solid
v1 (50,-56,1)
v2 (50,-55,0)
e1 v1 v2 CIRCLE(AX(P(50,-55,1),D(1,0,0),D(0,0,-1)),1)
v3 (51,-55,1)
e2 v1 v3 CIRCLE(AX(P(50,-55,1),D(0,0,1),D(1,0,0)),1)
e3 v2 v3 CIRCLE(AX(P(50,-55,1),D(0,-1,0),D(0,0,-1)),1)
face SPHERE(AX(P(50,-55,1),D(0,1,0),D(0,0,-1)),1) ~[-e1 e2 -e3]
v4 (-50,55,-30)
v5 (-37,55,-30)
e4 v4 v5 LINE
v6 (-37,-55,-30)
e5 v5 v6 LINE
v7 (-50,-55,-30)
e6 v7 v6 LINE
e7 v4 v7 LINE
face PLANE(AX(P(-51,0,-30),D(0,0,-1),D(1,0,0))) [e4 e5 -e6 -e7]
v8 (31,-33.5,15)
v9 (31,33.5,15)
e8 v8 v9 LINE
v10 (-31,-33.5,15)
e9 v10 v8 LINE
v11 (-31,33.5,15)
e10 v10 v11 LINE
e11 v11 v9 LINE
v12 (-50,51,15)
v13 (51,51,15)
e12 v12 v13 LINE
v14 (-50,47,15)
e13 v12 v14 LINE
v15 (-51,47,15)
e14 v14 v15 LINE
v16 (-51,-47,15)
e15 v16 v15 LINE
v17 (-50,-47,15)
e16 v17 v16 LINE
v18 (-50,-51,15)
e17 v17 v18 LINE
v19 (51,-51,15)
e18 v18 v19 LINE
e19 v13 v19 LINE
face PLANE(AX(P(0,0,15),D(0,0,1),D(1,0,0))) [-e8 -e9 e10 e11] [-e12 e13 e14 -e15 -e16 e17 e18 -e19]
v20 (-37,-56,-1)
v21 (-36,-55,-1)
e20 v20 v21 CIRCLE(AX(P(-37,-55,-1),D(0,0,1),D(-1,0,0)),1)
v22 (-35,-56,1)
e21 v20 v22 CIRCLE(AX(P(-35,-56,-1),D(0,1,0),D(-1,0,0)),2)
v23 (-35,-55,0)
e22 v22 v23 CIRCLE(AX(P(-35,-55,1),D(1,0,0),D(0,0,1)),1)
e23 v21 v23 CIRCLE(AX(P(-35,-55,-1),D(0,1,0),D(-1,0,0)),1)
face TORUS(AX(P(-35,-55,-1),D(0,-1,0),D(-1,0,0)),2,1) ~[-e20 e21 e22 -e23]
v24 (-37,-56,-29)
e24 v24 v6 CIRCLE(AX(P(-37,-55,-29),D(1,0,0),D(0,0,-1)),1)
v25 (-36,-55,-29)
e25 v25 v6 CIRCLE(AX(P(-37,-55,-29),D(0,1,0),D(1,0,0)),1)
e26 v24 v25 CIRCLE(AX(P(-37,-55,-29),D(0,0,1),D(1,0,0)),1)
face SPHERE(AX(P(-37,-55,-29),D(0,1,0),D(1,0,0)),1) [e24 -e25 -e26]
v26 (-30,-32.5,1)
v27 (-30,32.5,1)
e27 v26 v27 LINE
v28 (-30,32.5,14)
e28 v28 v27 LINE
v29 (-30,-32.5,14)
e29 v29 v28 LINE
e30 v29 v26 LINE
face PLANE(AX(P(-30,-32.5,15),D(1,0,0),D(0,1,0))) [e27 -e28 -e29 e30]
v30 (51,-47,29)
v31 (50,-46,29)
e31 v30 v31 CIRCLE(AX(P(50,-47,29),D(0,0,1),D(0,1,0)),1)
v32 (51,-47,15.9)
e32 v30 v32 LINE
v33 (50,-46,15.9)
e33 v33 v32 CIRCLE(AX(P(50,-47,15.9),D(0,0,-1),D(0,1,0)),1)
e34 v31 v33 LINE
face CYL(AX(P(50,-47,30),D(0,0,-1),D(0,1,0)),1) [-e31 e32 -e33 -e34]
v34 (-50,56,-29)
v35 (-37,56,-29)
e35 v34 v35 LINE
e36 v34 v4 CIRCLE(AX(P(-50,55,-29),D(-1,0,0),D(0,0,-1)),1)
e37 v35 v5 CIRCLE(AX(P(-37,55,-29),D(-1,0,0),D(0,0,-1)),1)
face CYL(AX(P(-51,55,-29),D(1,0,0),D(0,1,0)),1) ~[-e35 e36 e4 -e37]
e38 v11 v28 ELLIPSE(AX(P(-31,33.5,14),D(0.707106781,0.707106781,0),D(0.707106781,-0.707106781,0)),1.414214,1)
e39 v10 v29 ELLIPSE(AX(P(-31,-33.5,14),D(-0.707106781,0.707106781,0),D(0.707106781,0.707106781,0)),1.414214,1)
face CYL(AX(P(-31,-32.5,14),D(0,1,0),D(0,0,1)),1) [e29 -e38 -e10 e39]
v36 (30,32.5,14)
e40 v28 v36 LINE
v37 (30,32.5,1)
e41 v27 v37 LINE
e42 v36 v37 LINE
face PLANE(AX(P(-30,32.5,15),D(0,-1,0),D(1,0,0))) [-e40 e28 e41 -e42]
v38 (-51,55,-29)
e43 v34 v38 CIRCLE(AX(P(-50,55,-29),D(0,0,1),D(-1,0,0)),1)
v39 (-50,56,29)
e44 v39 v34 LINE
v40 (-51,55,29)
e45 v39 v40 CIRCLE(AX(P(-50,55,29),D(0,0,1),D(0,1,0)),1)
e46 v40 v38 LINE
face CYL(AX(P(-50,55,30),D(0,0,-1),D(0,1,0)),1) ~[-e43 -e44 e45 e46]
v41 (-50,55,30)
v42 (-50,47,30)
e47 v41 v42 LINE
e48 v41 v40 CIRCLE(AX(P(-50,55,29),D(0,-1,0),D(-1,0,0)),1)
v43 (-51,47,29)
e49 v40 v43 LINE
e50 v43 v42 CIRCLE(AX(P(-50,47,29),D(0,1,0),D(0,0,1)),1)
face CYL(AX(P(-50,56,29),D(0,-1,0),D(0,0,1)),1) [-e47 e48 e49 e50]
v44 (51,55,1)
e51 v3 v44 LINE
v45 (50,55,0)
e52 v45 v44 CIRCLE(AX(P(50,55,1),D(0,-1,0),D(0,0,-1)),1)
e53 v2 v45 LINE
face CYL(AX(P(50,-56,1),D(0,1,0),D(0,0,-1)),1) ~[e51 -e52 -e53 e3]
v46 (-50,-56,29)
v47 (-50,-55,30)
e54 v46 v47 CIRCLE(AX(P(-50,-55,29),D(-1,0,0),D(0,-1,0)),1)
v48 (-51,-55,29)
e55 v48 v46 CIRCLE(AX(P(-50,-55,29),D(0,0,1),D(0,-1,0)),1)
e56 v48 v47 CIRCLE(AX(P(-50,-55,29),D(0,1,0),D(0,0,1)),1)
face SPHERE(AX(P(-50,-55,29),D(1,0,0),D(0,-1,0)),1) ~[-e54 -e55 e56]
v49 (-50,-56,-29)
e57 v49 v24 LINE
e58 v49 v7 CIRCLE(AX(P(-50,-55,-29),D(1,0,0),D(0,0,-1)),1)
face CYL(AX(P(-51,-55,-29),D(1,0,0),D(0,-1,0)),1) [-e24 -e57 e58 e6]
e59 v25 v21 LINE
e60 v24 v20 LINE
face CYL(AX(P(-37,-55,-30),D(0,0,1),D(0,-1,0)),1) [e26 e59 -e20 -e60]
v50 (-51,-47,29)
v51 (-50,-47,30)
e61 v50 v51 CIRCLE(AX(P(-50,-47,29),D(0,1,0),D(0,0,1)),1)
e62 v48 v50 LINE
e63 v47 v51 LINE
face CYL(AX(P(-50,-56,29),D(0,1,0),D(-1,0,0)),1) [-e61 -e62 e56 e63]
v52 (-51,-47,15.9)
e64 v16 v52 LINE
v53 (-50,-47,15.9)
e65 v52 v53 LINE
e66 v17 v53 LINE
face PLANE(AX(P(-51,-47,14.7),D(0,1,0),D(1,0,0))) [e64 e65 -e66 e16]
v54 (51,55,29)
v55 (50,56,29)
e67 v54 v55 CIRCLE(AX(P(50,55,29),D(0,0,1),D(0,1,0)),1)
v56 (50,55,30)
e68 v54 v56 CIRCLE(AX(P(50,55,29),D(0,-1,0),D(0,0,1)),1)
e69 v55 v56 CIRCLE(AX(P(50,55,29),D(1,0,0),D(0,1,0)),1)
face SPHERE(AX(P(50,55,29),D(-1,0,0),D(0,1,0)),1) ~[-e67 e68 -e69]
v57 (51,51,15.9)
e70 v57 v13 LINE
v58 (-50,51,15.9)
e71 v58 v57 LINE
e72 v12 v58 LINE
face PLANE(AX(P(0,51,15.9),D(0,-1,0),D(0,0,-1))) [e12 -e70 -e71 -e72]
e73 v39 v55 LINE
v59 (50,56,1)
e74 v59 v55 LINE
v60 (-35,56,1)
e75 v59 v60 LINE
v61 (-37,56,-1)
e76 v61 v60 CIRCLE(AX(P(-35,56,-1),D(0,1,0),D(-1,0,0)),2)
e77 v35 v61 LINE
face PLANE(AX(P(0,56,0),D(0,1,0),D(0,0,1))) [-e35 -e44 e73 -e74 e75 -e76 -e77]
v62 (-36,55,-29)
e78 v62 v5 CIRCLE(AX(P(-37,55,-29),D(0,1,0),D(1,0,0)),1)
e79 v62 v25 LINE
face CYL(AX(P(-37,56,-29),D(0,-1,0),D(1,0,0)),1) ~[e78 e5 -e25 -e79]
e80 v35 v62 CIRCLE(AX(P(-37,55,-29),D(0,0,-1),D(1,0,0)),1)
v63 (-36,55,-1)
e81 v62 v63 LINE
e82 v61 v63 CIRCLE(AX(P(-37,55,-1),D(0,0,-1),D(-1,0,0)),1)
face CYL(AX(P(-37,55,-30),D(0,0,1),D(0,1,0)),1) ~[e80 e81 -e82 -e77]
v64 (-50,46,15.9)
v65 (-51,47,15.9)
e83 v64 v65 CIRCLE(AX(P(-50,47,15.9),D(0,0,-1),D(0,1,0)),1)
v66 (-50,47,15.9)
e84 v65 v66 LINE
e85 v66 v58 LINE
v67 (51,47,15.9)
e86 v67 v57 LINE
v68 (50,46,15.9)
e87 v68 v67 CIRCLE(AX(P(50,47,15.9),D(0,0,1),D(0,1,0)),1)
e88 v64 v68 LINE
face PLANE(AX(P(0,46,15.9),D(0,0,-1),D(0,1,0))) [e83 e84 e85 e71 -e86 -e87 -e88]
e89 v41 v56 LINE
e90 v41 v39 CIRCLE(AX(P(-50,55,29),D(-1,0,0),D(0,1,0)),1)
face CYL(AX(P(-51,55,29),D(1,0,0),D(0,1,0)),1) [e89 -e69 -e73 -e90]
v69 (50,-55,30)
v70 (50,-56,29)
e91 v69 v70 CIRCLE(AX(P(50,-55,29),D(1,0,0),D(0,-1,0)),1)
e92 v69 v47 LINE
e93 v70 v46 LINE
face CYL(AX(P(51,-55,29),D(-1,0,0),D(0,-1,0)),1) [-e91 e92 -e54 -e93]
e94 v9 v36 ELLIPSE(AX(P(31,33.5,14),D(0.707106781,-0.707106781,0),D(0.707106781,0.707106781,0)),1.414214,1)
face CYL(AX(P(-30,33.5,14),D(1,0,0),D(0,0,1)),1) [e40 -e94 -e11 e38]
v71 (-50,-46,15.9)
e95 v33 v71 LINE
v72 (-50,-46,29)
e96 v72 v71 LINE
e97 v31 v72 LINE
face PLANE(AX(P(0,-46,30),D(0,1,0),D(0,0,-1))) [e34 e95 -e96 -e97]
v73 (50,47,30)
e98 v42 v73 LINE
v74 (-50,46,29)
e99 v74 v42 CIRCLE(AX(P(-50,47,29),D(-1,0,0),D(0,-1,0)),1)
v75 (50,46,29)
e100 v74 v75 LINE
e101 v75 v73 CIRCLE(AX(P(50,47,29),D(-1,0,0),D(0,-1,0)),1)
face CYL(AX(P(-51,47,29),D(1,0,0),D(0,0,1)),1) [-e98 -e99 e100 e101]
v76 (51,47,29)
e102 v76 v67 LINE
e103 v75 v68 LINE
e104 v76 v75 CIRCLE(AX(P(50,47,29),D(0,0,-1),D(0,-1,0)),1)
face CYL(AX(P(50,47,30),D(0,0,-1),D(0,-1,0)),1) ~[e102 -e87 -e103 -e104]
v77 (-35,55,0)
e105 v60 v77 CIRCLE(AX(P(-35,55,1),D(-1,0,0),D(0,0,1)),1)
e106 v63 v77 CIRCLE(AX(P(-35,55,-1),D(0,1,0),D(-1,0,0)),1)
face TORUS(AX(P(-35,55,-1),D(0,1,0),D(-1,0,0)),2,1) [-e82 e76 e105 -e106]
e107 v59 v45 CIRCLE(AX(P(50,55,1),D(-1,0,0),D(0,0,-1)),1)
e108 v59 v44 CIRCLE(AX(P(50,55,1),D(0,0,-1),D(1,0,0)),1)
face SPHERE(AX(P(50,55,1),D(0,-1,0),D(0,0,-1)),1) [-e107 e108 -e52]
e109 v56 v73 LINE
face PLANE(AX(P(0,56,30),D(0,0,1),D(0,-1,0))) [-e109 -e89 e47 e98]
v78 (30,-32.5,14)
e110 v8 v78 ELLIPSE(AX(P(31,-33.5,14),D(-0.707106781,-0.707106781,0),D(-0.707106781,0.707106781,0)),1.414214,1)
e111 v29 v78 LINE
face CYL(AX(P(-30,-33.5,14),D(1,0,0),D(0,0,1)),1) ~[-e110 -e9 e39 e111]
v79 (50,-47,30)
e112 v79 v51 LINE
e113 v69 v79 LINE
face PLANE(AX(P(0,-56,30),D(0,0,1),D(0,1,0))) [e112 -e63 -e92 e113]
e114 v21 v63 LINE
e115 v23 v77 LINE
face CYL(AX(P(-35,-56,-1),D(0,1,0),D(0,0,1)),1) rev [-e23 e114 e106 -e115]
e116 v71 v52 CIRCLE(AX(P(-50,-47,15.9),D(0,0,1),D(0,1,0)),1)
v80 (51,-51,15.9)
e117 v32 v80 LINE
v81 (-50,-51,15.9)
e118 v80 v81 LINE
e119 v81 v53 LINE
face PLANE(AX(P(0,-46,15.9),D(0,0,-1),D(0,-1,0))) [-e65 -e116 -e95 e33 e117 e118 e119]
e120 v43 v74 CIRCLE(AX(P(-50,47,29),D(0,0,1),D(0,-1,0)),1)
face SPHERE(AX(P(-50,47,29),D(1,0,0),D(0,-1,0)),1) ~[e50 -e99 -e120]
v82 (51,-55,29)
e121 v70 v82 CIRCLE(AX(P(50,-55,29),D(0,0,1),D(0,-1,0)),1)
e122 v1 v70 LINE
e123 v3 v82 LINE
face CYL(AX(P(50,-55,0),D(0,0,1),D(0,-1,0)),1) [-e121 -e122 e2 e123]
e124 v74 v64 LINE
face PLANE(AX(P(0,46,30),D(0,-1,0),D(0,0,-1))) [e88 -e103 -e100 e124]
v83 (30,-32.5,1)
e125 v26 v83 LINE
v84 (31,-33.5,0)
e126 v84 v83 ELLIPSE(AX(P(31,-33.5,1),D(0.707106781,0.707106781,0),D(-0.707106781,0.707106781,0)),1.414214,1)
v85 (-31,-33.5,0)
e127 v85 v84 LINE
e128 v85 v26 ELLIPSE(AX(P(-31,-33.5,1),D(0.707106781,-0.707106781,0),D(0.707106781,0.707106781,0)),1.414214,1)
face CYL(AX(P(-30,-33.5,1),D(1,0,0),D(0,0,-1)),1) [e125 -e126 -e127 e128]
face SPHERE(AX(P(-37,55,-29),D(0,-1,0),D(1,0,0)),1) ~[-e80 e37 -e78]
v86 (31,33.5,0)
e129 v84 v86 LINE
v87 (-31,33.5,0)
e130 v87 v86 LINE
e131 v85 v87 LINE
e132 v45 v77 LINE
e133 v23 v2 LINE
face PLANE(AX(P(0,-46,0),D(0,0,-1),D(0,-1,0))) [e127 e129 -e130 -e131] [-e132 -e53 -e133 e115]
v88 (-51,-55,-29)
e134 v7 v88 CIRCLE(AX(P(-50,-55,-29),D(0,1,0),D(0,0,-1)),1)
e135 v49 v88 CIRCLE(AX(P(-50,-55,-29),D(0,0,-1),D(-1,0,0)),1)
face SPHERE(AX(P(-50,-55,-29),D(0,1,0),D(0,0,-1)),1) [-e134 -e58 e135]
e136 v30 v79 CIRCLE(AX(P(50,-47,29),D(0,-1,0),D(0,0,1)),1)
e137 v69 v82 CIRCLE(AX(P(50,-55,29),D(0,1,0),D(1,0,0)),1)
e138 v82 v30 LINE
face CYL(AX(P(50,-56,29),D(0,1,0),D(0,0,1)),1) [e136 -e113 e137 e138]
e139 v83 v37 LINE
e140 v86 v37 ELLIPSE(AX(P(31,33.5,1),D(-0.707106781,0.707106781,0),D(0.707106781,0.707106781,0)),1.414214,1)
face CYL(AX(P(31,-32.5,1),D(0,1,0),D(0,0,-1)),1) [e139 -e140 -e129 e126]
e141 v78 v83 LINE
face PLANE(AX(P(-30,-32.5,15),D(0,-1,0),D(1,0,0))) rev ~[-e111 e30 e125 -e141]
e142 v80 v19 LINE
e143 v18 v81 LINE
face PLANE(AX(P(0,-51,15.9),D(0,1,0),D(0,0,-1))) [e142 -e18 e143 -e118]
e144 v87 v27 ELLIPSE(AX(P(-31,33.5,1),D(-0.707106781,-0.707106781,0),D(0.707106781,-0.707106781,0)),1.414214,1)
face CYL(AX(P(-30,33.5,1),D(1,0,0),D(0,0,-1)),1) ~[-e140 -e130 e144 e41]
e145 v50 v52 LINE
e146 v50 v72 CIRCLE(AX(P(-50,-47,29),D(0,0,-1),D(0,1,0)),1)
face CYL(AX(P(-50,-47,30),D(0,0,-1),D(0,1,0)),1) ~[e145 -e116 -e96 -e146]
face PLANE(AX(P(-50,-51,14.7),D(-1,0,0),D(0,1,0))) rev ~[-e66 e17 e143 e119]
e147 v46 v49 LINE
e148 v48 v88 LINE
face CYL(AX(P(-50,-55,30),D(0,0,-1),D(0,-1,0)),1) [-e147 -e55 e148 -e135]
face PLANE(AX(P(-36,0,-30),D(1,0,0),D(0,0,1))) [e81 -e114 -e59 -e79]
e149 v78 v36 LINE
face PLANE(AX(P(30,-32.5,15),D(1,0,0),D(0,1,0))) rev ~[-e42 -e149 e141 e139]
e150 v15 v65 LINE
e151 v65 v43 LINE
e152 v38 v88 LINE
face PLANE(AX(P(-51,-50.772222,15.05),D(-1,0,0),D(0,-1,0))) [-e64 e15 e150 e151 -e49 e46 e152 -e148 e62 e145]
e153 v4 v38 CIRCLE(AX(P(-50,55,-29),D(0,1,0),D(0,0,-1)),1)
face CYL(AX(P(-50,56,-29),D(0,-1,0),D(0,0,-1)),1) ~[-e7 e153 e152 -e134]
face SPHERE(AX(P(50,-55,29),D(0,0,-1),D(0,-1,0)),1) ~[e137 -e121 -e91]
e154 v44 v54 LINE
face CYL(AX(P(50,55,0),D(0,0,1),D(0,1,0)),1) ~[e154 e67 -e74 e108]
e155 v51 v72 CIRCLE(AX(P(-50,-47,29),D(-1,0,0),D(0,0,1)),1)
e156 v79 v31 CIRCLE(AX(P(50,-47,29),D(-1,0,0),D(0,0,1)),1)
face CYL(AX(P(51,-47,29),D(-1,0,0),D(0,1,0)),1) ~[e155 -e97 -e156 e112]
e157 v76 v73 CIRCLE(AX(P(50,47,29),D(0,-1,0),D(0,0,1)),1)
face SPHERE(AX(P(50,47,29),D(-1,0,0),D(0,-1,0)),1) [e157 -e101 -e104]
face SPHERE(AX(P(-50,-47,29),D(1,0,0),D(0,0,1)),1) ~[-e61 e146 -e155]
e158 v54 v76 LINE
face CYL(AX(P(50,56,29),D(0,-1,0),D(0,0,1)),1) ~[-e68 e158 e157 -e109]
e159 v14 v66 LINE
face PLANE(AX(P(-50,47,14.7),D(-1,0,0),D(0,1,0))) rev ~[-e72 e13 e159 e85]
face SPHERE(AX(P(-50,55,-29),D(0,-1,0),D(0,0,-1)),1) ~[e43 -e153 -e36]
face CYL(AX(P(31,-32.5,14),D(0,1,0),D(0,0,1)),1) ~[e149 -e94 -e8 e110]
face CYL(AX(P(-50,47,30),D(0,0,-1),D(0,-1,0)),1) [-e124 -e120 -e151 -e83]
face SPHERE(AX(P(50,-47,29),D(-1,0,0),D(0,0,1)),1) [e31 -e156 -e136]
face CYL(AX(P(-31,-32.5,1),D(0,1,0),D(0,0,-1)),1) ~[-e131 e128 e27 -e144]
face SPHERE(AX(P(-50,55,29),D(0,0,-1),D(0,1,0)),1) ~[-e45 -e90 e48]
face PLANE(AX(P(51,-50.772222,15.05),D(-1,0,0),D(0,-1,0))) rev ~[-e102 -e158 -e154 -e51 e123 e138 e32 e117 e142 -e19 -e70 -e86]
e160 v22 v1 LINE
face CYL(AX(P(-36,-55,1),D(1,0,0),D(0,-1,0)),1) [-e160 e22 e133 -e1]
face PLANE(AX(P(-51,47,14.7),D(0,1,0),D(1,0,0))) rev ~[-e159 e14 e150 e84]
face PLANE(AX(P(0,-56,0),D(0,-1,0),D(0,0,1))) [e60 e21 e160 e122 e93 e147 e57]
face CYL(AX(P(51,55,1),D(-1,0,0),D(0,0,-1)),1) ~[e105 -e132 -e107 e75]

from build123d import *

# Parameters (mm, degrees)
BOX_W            = 1
BOX_H            = 4
BOX_DEPTH        = 3
BOX001_W         = 1
BOX001_H         = 4
BOX001_DEPTH     = 3
SKETCH003_W      = 60
SKETCH003_H      = 65
EXTRUDE003_DEPTH = 15
EXTRUDE001_DEPTH = 51
SKETCH_W         = 102
SKETCH_H         = 102
EXTRUDE_DEPTH    = 15
SKETCH002_W      = 15
SKETCH002_H      = 30
EXTRUDE002_DEPTH = 56
FILLET_R         = 1
FILLET001_R      = 1


with BuildPart() as cube:
    # Box → Box (new body)
    with BuildSketch(Plane(origin=(-51, 47, 14.7), x_dir=(1, 0, 0), z_dir=(0, 0, 1))):
        with Locations((0.5, 2)):
            Rectangle(BOX_W, BOX_H)
    extrude(amount=BOX_DEPTH)


with BuildPart() as cube001:
    # Box001 → Box001 (new body)
    with BuildSketch(Plane(origin=(-51, -51, 14.7), x_dir=(1, 0, 0), z_dir=(0, 0, 1))):
        with Locations((0.5, 2)):
            Rectangle(BOX001_W, BOX001_H)
    extrude(amount=BOX001_DEPTH)


with BuildPart() as extrude003:
    # Sketch003 (on Face42 of Fillet) → Extrude003 (new body)
    with BuildSketch(Plane.XY.offset(15)):
        Rectangle(SKETCH003_W, SKETCH003_H)
    extrude(amount=-EXTRUDE003_DEPTH)


with BuildPart() as extrude001:
    # Sketch001 (on Sketch) → Extrude001 (new body, symmetric)
    with BuildSketch(Plane.YZ):
        Polygon((-56, 0), (-56, 30), (-46, 30), (-46, 15.9), (-51, 15.9), (-51, 15), (-46, 15), (-46, 0), align=None)
        Polygon((56, 0), (56, 30), (46, 30), (46, 15.9), (51, 15.9), (51, 15), (46, 15), (46, 0), align=None)
    extrude(amount=EXTRUDE001_DEPTH, both=True)


with BuildPart() as fusion:
    # Sketch → Extrude (new body)
    with BuildSketch(Plane.XY):
        Rectangle(SKETCH_W, SKETCH_H)
    extrude(amount=EXTRUDE_DEPTH)

    # Fusion: union Extrude001
    add(extrude001.part)


with BuildPart() as fusion002:
    # Sketch002 → Extrude002 (new body, symmetric)
    with BuildSketch(Plane.XZ):
        with Locations((-43.5, -15)):
            Rectangle(SKETCH002_W, SKETCH002_H)
    extrude(amount=EXTRUDE002_DEPTH, both=True)

    # Fusion001: union Fusion
    add(fusion.part)

    # Fillet
    fillet_edges = [fusion002.edges().sort_by_distance(p)[0] for p in [
        (-36, 0, 0),
        (-36, 0, -30),
        (-36, 56, -15),
        (-36, -56, -15),
        (-51, 0, -30),
        (-43.5, 56, -30),
        (-43.5, -56, -30),
        (51, 0, 0),
        (7.5, -56, 0),
        (7.5, 56, 0),
        (-51, 56, 0),
        (0, 56, 30),
        (51, 56, 15),
        (0, 46, 30),
        (51, 46, 22.95),
        (-51, 46, 22.95),
        (51, 51, 30),
        (-51, 51, 30),
        (51, -56, 15),
        (0, -56, 30),
        (-51, -56, 0),
        (0, -46, 30),
        (51, -51, 30),
        (-51, -51, 30),
        (51, -46, 22.95),
        (-51, -46, 22.95),
    ]]
    fillet(fillet_edges, radius=FILLET_R)

    # Cut: cut Extrude003
    add(extrude003.part, mode=Mode.SUBTRACT)

    # Fillet001
    fillet001_edges = [fusion002.edges().sort_by_distance(p)[0] for p in [
        (0, 32.5, 0),
        (30, 0, 0),
        (0, -32.5, 0),
        (-30, 0, 0),
        (0, 32.5, 15),
        (30, 0, 15),
        (0, -32.5, 15),
        (-30, 0, 15),
    ]]
    fillet(fillet001_edges, radius=FILLET001_R)

    # Fusion002: union Cube, Cube001
    add(cube.part)
    add(cube001.part)


solid = fusion002.part
